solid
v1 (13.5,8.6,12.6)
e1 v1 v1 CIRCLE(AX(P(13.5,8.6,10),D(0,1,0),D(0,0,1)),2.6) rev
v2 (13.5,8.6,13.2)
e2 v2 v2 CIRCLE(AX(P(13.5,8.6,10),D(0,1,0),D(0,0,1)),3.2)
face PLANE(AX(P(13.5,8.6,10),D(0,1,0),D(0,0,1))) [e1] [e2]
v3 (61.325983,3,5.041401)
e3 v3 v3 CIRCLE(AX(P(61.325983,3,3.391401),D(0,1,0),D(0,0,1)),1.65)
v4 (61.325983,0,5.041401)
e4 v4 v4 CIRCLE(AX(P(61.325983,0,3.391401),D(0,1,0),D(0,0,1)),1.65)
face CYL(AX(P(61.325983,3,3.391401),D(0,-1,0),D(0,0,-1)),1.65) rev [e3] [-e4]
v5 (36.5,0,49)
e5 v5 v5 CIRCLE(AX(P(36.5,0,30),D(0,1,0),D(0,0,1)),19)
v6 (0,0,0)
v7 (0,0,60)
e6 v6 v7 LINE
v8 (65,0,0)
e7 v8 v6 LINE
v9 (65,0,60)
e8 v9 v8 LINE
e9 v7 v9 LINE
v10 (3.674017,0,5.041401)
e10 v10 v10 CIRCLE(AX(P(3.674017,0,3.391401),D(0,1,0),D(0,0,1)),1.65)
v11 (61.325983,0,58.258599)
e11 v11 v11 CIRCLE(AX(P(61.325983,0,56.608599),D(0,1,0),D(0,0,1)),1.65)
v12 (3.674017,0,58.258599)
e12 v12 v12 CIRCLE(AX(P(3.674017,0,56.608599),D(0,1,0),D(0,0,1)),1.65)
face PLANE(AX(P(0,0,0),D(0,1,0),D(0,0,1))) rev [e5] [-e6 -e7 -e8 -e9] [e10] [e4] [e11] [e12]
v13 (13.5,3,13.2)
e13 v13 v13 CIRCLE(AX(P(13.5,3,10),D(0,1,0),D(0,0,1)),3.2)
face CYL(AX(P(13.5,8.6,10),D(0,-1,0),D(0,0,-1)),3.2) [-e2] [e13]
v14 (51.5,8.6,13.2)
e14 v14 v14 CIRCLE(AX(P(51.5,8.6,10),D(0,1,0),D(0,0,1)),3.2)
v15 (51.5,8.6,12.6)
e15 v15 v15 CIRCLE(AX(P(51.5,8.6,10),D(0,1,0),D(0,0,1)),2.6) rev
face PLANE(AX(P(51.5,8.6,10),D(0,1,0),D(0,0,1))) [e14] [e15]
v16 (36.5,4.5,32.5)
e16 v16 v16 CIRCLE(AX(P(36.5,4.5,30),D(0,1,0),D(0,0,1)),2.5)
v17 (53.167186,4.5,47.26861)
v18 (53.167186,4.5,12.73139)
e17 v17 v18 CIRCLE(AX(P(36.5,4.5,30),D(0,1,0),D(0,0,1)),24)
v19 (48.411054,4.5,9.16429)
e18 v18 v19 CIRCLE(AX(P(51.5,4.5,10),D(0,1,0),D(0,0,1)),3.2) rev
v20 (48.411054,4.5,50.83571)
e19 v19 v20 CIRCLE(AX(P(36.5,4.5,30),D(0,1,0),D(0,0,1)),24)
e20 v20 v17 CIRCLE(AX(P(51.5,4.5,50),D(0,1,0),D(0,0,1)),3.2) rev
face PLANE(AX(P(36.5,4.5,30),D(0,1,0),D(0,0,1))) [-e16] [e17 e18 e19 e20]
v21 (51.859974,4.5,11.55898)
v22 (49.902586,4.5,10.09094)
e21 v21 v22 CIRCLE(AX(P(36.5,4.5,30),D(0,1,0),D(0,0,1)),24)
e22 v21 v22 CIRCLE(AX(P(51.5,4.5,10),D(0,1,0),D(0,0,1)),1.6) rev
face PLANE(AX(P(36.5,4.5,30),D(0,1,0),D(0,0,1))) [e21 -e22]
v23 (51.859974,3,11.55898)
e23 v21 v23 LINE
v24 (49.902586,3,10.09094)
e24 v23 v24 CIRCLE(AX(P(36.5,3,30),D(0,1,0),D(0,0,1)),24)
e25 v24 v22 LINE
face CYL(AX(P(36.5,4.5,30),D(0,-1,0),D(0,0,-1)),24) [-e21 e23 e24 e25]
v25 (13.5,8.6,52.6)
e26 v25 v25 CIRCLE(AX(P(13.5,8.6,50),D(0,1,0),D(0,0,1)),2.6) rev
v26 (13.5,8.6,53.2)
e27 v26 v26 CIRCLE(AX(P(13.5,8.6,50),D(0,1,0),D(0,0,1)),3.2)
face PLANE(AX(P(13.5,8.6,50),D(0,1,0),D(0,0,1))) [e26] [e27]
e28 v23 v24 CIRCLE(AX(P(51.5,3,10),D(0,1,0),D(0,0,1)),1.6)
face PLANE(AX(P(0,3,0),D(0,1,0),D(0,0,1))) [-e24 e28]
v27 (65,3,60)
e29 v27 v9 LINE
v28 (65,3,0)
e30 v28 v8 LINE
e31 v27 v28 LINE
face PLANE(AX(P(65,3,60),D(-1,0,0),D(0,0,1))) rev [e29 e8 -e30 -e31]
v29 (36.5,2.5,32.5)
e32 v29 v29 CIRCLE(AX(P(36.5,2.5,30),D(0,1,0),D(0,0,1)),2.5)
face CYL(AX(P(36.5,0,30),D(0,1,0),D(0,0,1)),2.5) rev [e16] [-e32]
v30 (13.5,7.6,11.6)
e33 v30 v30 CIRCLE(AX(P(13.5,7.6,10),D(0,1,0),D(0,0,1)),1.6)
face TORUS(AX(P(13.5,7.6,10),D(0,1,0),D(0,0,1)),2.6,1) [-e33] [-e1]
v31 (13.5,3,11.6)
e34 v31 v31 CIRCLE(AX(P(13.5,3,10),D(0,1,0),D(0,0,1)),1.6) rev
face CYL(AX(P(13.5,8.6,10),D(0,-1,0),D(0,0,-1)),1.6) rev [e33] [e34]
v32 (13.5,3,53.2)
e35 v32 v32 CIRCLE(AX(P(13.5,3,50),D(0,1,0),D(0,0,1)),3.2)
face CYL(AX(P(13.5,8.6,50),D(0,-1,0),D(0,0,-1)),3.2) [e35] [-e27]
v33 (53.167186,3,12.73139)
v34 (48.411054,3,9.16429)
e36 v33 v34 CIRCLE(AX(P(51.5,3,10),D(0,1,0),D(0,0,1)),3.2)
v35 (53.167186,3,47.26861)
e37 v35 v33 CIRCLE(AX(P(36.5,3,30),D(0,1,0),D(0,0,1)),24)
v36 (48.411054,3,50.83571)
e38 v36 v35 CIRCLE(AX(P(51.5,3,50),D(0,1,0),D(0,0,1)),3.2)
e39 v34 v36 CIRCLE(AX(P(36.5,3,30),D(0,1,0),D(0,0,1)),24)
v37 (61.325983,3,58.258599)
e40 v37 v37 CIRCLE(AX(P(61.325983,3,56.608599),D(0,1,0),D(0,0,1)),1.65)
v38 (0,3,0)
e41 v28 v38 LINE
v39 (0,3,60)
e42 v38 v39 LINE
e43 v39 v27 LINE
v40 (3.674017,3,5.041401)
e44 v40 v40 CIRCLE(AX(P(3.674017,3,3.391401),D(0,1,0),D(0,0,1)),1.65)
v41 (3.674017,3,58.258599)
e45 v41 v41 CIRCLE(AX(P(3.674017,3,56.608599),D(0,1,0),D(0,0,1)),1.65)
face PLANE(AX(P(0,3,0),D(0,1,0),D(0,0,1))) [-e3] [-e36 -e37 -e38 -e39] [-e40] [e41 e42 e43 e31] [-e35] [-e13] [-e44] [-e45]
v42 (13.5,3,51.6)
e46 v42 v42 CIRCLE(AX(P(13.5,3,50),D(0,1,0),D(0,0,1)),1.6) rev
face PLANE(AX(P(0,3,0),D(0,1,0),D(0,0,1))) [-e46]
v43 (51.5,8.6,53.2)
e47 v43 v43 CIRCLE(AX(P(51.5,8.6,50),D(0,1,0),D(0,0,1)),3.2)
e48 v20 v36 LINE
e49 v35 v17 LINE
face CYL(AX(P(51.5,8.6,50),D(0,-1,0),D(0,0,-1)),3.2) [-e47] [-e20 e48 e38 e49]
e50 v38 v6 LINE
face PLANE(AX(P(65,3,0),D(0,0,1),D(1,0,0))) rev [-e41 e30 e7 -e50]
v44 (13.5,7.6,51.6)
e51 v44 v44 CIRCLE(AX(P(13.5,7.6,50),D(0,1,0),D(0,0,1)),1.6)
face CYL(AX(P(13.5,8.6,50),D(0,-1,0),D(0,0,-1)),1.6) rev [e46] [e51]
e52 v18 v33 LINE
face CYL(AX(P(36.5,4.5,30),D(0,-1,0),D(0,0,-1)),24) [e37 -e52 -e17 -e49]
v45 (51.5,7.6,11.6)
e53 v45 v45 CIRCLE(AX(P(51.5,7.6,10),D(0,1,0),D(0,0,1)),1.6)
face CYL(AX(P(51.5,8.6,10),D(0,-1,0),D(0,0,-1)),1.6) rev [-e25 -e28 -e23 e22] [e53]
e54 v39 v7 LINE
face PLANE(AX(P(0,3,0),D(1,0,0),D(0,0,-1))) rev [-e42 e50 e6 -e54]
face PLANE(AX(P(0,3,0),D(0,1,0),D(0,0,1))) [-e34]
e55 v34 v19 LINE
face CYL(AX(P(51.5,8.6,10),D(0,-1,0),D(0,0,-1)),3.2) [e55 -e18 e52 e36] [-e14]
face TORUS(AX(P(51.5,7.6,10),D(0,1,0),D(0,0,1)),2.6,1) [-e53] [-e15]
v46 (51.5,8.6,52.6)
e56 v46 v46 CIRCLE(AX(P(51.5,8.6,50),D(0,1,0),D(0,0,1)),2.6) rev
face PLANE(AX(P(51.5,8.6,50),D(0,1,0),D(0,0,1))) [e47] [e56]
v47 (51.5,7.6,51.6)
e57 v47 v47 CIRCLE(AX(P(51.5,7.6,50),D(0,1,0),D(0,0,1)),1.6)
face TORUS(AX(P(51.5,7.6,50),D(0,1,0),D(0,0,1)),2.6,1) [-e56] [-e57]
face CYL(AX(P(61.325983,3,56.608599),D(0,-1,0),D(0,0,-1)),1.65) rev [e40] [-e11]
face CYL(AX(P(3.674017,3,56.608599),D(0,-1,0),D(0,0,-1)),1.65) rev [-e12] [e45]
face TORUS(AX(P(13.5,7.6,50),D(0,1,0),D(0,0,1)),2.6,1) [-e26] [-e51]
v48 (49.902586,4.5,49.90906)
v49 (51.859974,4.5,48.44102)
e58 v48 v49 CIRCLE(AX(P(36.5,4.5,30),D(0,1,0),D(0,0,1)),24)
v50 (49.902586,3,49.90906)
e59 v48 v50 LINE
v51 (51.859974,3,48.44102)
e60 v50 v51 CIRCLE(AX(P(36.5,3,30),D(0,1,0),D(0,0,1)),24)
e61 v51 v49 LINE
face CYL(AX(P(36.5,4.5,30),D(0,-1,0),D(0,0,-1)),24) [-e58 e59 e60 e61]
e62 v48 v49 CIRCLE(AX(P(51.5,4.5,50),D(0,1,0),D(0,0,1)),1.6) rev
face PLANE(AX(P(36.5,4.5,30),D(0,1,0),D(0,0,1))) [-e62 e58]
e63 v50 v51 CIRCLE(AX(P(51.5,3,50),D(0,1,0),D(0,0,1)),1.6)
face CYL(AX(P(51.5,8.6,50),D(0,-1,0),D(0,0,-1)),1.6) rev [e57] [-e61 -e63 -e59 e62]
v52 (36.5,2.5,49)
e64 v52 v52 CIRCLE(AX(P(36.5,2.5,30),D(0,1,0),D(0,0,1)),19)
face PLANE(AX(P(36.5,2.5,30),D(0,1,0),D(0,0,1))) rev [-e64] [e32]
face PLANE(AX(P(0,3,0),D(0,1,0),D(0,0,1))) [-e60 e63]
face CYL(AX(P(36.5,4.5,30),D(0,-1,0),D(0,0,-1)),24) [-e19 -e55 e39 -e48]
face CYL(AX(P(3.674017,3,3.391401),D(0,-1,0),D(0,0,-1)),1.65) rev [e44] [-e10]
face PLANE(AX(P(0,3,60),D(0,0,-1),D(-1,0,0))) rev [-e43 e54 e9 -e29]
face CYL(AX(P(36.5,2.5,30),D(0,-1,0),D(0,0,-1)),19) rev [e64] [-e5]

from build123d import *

# Parameters (mm, degrees)
SKETCH2_W           = 65
SKETCH2_H           = 60
SKETCH2_R           = 1.65
BOSS_EXTRUDE1_DEPTH = 3
SKETCH3_R           = 24
BOSS_EXTRUDE2_DEPTH = 1.5
SKETCH5_R           = 19
CUT_EXTRUDE1_DEPTH  = 2.5
SKETCH6_R           = 2.5
CUT_EXTRUDE2_DEPTH  = 89.573415876
SKETCH7_R           = 3.2
SKETCH7_R_2         = 1.6
BOSS_EXTRUDE3_DEPTH = 5.6
FILLET1_R           = 1


with BuildPart() as part:
    # Sketch2 → Boss-Extrude1 (new body)
    with BuildSketch(Plane(origin=(0, 0, 0), x_dir=(1, 0, 0), z_dir=(0, 1, 0))):
        with Locations((32.5, -30)):
            Rectangle(SKETCH2_W, SKETCH2_H)
        with Locations(Location((3.674017223, -3.391400514, 0), (0, 0, 270))):
            Circle(SKETCH2_R, mode=Mode.SUBTRACT)
        with Locations(Location((61.325982777, -3.391400514, 0), (0, 0, 270))):
            Circle(SKETCH2_R, mode=Mode.SUBTRACT)
        with Locations(Location((61.325982777, -56.608599486, 0), (0, 0, 270))):
            Circle(SKETCH2_R, mode=Mode.SUBTRACT)
        with Locations(Location((3.674017223, -56.608599486, 0), (0, 0, 270))):
            Circle(SKETCH2_R, mode=Mode.SUBTRACT)
    extrude(amount=BOSS_EXTRUDE1_DEPTH)

    # Sketch3 → Boss-Extrude2 (add)
    with BuildSketch(Plane(origin=(0, 3, 0), x_dir=(1, 0, 0), z_dir=(0, 1, 0))):
        with Locations(Location((36.5, -30, 0), (0, 0, 270))):
            Circle(SKETCH3_R)
    extrude(amount=BOSS_EXTRUDE2_DEPTH)

    # Sketch5 → Cut-Extrude1 (cut)
    with BuildSketch(Plane(origin=(0, 0, 0), x_dir=(1, 0, 0), z_dir=(0, 1, 0))):
        with Locations(Location((36.5, -30, 0), (0, 0, 270))):
            Circle(SKETCH5_R)
    extrude(amount=CUT_EXTRUDE1_DEPTH, mode=Mode.SUBTRACT)

    # Sketch6 → Cut-Extrude2 (cut, through all)
    with BuildSketch(Plane(origin=(0, 4.5, 0), x_dir=(1, 0, 0), z_dir=(0, 1, 0))):
        with Locations(Location((36.5, -30, 0), (0, 0, 270))):
            Circle(SKETCH6_R)
    extrude(amount=-CUT_EXTRUDE2_DEPTH, mode=Mode.SUBTRACT)

    # Sketch7 → Boss-Extrude3 (add)
    # profile 1 of 4: a face of its own
    with BuildSketch(Plane(origin=(0, 3, 0), x_dir=(1, 0, 0), z_dir=(0, 1, 0))):
        with Locations(Location((13.5, -10, 0), (0, 0, 270))):
            Circle(SKETCH7_R)
        with Locations(Location((13.5, -10, 0), (0, 0, 270))):
            Circle(SKETCH7_R_2, mode=Mode.SUBTRACT)
    # profile 2 of 4: a face of its own
    with BuildSketch(Plane(origin=(0, 3, 0), x_dir=(1, 0, 0), z_dir=(0, 1, 0))):
        with Locations(Location((13.5, -50, 0), (0, 0, 270))):
            Circle(SKETCH7_R)
        with Locations(Location((13.5, -50, 0), (0, 0, 270))):
            Circle(SKETCH7_R_2, mode=Mode.SUBTRACT)
    # profile 3 of 4: a face of its own
    with BuildSketch(Plane(origin=(0, 3, 0), x_dir=(1, 0, 0), z_dir=(0, 1, 0))):
        with Locations(Location((51.5, -10, 0), (0, 0, 164.861138608))):
            Circle(SKETCH7_R)
        with Locations(Location((51.5, -10, 0), (0, 0, 183.258299887))):
            Circle(SKETCH7_R_2, mode=Mode.SUBTRACT)
    # profile 4 of 4: a face of its own
    with BuildSketch(Plane(origin=(0, 3, 0), x_dir=(1, 0, 0), z_dir=(0, 1, 0))):
        with Locations(Location((51.5, -50, 0), (0, 0, 58.600933899))):
            Circle(SKETCH7_R)
        with Locations(Location((51.5, -50, 0), (0, 0, 76.998095179))):
            Circle(SKETCH7_R_2, mode=Mode.SUBTRACT)
    extrude(amount=BOSS_EXTRUDE3_DEPTH)

    # Fillet1
    fillet1_edges = [part.edges().sort_by_distance(p)[0] for p in [
        (13.5, 8.6, 48.4),
        (53.097413516, 8.6, 9.909060137),
        (51.140026484, 8.6, 51.558980137),
        (13.5, 8.6, 8.4),
    ]]
    fillet(fillet1_edges, radius=FILLET1_R)


solid = part.part
